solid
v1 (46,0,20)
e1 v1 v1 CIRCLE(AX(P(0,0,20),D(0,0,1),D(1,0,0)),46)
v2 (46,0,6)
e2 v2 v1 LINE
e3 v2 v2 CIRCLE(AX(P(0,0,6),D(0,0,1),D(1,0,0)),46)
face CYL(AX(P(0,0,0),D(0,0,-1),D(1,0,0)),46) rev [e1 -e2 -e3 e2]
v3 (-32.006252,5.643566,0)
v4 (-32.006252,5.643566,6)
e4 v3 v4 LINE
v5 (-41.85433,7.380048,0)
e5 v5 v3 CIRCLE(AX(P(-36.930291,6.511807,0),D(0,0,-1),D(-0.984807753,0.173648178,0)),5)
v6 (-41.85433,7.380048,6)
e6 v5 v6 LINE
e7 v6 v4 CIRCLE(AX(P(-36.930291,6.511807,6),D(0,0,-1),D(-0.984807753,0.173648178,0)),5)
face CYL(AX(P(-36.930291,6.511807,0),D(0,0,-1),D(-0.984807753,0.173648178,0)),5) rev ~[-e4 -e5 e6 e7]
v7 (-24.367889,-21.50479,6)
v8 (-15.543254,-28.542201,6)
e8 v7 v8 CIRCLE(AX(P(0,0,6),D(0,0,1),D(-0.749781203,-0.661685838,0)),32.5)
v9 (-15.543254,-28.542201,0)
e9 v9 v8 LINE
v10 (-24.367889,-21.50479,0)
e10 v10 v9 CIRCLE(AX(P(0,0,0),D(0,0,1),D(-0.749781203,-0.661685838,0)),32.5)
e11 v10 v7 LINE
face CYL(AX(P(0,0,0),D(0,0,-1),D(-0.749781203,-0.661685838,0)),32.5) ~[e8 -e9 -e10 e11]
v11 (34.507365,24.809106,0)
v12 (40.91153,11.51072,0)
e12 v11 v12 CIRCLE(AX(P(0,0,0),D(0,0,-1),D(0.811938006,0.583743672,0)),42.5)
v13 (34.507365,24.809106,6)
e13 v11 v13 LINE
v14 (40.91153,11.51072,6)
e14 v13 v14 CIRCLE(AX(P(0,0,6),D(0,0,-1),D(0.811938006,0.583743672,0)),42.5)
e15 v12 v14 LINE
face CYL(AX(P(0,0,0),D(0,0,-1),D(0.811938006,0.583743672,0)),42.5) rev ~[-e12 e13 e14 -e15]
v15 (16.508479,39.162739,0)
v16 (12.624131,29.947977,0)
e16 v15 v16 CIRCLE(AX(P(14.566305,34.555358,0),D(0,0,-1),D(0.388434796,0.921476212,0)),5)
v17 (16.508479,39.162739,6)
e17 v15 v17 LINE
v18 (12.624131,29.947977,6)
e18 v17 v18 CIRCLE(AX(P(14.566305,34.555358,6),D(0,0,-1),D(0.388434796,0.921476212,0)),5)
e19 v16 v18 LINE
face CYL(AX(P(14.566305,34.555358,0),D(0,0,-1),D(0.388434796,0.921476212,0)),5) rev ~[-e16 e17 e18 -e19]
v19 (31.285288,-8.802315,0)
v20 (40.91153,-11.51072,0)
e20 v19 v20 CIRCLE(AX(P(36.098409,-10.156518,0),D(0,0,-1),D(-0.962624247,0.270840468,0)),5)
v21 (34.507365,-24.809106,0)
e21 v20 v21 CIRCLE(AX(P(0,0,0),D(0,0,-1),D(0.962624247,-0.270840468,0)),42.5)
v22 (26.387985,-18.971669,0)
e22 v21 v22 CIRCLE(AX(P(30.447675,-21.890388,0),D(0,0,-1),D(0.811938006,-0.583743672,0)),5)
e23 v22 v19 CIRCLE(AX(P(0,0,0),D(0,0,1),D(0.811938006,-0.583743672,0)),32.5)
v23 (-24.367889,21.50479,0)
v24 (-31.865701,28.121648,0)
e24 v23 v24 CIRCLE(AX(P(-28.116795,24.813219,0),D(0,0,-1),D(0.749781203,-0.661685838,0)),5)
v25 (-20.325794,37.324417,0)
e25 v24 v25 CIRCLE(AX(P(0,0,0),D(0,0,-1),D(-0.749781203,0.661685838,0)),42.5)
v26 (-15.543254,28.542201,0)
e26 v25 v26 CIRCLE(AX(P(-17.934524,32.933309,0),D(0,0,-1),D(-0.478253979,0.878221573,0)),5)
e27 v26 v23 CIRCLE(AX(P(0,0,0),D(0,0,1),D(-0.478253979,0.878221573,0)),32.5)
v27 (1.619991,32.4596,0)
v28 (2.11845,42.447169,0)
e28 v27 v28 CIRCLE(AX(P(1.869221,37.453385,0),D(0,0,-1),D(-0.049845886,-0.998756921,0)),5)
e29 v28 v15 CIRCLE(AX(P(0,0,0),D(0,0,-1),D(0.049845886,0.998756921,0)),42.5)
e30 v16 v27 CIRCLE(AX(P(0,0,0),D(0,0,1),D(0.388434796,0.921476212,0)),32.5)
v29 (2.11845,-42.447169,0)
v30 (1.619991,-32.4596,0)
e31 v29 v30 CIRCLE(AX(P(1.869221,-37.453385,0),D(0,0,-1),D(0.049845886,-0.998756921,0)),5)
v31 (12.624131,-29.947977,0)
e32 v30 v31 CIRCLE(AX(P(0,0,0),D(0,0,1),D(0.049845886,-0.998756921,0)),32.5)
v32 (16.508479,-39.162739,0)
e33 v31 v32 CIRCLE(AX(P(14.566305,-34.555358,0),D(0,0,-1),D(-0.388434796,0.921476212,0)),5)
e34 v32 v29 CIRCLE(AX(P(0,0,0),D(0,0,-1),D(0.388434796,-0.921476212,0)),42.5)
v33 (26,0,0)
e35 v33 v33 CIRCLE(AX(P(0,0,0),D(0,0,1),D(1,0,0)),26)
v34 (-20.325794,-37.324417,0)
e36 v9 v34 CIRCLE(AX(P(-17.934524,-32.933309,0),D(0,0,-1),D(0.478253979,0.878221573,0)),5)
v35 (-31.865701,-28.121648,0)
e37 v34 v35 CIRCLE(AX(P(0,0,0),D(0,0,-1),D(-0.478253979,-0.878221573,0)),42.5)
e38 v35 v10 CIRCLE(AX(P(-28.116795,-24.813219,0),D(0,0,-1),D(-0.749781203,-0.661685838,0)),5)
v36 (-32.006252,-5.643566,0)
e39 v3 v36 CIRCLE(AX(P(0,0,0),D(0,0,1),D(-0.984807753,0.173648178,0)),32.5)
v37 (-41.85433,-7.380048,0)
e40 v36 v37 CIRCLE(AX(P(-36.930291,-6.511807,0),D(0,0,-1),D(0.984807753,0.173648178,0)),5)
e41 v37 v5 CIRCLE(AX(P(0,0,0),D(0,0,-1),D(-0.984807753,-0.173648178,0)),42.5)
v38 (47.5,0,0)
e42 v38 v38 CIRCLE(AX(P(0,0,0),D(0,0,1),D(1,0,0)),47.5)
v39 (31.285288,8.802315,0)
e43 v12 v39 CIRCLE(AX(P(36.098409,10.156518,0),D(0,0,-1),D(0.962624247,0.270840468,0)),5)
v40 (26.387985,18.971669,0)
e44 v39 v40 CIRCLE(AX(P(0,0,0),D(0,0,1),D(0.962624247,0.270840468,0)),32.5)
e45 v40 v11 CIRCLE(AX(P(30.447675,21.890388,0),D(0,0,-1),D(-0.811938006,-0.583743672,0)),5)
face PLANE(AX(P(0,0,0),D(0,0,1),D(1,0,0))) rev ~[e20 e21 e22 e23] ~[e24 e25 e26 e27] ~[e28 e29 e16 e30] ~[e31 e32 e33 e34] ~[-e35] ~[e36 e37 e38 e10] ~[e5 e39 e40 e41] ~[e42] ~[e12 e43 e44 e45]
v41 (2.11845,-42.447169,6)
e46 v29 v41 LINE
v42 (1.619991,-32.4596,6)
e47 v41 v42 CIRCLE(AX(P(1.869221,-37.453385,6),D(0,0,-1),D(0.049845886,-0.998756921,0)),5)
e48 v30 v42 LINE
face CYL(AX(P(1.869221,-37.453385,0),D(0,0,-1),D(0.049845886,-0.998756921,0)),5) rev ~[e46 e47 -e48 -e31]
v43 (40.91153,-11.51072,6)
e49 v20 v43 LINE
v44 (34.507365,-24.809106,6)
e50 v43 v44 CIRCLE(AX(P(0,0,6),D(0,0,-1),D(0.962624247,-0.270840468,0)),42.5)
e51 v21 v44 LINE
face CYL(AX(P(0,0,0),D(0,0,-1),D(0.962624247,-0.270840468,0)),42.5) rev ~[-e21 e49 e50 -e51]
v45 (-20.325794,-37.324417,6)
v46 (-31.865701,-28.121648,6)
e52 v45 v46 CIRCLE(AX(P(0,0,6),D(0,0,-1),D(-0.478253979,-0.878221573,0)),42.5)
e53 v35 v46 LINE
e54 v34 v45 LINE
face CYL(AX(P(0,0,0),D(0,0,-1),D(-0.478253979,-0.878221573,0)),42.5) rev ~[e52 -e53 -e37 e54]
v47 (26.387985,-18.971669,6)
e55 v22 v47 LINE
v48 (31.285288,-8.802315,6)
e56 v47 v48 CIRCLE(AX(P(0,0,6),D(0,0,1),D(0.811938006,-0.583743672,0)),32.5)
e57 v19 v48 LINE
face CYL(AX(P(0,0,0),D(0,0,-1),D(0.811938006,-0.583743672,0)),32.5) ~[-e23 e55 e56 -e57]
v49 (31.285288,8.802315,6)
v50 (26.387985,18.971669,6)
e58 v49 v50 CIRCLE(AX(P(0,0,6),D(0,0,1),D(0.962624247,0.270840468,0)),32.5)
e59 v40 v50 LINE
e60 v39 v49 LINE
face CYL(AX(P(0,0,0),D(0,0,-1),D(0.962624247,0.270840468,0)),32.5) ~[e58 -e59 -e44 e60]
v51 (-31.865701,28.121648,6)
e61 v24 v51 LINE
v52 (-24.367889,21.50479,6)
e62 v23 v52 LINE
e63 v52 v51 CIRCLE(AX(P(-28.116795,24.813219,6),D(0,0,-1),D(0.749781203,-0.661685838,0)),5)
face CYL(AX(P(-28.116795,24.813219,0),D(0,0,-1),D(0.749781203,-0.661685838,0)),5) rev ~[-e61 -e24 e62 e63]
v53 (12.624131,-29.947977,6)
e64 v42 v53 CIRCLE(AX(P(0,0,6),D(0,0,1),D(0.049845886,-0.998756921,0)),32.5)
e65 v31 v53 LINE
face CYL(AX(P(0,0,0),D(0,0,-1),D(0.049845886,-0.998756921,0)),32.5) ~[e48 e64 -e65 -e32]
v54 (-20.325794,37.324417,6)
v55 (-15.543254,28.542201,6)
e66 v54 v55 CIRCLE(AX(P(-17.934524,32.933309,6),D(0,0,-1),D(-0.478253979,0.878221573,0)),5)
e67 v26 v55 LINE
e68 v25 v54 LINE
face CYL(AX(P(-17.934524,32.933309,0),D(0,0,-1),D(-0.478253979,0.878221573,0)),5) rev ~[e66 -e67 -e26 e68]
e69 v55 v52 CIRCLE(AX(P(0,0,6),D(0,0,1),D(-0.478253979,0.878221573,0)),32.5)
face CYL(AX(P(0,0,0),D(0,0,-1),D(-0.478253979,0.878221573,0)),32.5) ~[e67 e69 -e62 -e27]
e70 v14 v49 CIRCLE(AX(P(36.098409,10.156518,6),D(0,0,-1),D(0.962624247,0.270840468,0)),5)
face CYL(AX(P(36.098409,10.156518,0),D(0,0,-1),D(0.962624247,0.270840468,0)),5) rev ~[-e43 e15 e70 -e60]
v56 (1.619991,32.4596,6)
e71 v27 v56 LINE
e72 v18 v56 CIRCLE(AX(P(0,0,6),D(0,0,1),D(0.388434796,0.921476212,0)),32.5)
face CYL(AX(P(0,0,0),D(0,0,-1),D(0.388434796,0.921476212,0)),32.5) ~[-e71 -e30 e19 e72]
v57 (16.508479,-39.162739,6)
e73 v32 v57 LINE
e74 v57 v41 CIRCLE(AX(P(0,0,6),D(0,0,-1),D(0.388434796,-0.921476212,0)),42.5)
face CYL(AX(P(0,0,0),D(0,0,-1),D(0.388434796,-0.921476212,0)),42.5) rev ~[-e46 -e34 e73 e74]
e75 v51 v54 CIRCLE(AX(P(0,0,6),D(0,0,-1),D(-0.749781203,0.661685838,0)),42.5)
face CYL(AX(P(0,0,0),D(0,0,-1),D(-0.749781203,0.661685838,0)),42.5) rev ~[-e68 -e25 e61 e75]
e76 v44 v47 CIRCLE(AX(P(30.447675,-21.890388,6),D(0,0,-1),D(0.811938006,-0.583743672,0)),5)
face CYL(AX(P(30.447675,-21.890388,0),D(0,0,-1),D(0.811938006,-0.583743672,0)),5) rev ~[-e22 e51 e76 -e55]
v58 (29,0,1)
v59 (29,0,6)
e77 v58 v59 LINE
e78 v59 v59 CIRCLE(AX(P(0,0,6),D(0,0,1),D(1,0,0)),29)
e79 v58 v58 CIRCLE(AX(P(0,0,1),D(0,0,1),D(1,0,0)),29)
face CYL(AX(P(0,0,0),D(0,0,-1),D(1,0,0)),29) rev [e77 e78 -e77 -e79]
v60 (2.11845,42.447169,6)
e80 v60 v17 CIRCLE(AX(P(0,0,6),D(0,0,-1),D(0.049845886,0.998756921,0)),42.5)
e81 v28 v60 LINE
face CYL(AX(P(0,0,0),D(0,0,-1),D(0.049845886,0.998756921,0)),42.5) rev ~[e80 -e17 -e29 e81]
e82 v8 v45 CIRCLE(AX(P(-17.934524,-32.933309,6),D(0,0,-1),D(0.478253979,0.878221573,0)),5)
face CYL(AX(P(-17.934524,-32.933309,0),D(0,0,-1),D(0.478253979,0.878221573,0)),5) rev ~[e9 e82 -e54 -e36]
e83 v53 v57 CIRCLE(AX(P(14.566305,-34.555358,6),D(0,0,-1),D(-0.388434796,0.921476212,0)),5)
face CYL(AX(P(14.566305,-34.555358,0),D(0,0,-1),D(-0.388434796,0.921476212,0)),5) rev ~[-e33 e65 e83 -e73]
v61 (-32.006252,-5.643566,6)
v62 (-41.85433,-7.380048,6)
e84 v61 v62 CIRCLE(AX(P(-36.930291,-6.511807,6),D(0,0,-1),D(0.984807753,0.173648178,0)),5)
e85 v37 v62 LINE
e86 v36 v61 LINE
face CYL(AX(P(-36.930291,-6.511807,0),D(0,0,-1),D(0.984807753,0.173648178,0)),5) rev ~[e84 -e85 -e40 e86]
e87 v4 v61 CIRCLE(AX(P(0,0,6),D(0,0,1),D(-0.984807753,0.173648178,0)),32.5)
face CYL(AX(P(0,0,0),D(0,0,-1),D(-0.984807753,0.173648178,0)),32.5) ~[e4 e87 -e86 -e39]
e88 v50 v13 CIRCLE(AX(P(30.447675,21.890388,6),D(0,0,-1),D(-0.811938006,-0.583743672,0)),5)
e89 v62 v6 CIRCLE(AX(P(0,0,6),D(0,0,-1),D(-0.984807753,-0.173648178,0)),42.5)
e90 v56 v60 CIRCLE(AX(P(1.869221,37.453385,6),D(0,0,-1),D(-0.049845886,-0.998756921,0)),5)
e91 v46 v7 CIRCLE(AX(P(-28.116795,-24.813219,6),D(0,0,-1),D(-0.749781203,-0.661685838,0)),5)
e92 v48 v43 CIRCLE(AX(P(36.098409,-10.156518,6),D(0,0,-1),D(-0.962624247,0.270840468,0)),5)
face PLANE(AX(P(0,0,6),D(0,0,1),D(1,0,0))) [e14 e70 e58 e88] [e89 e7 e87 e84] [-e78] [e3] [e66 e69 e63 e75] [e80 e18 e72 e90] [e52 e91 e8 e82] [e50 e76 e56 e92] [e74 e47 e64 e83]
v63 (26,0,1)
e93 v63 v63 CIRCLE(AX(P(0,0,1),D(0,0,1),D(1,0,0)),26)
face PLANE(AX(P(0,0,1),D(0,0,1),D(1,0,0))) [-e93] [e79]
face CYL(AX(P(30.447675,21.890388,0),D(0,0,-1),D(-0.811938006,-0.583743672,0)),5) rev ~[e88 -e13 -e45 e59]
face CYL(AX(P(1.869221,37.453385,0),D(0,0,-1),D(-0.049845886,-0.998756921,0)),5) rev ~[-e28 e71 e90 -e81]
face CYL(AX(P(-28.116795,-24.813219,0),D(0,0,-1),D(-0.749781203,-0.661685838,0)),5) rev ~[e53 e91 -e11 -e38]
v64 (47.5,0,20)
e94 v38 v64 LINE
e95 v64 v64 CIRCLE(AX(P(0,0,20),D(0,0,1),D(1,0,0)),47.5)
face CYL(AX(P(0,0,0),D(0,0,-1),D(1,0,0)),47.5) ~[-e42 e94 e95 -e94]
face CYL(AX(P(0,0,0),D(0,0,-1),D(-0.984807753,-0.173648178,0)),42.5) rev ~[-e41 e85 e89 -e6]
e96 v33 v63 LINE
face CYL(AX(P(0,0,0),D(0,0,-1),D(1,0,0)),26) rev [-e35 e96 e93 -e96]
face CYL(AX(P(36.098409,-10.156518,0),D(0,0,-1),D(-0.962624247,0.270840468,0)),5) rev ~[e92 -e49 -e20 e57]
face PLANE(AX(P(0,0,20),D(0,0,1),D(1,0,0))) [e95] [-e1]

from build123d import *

# Parameters (mm, degrees)
SKETCH1_R           = 47.5
SKETCH1_R_2         = 46
BOSS_EXTRUDE1_DEPTH = 20
SKETCH1_5_R         = 46
SKETCH1_5_R_2       = 29
BOSS_EXTRUDE2_DEPTH = 6
SKETCH1_7_R         = 29
SKETCH1_7_R_2       = 26
BOSS_EXTRUDE4_DEPTH = 1


with BuildPart() as part:
    # Sketch1 → Boss-Extrude1 (new body)
    with BuildSketch(Plane.XY):
        Circle(SKETCH1_R)
        Circle(SKETCH1_R_2, mode=Mode.SUBTRACT)
    extrude(amount=BOSS_EXTRUDE1_DEPTH)

    # Sketch1<5> → Boss-Extrude2 (add)
    with BuildSketch(Plane.XY):
        Circle(SKETCH1_5_R)
        with BuildLine():
            ThreePointArc((-31.865701126, -28.121648098), (-31.425224299, -21.064312895), (-24.367889096, -21.504789722))
            ThreePointArc((-24.367889096, -21.504789722), (-20.26341856, -25.40952318), (-15.543254305, -28.542201135))
            ThreePointArc((-15.543254305, -28.542201135), (-13.543416331, -35.324578894), (-20.325794091, -37.324416868))
            ThreePointArc((-20.325794091, -37.324416868), (-26.498316579, -33.227838005), (-31.865701126, -28.121648098))
        make_face(mode=Mode.SUBTRACT)
        with BuildLine():
            ThreePointArc((2.118450141, -42.447169152), (-3.124563894, -37.702613974), (1.619991284, -32.45959994))
            ThreePointArc((1.619991284, -32.45959994), (7.231930354, -31.685157146), (12.624130879, -29.947976886))
            ThreePointArc((12.624130879, -29.947976886), (19.17368592, -32.613183964), (16.508478842, -39.162739004))
            ThreePointArc((16.508478842, -39.162739004), (9.457139693, -41.434436268), (2.118450141, -42.447169152))
        make_face(mode=Mode.SUBTRACT)
        with BuildLine():
            ThreePointArc((34.507365243, -24.80910607), (27.528956853, -25.950077737), (26.387985186, -18.971669348))
            ThreePointArc((26.387985186, -18.971669348), (29.281488207, -14.101221521), (31.285288026, -8.802315215))
            ThreePointArc((31.285288026, -8.802315215), (37.452611601, -5.343396321), (40.911530495, -11.510719896))
            ThreePointArc((40.911530495, -11.510719896), (38.291176886, -18.440058912), (34.507365243, -24.80910607))
        make_face(mode=Mode.SUBTRACT)
        with BuildLine():
            ThreePointArc((-41.854329503, -7.380047551), (-42.5, 0), (-41.854329503, 7.380047551))
            ThreePointArc((-41.854329503, 7.380047551), (-36.06204985, 11.435845428), (-32.006251973, 5.643565774))
            ThreePointArc((-32.006251973, 5.643565774), (-32.5, 0), (-32.006251973, -5.643565774))
            ThreePointArc((-32.006251973, -5.643565774), (-36.06204985, -11.435845428), (-41.854329503, -7.380047551))
        make_face(mode=Mode.SUBTRACT)
        with BuildLine():
            ThreePointArc((-20.325794091, 37.324416868), (-13.543416331, 35.324578894), (-15.543254305, 28.542201135))
            ThreePointArc((-15.543254305, 28.542201135), (-20.26341856, 25.40952318), (-24.367889096, 21.504789722))
            ThreePointArc((-24.367889096, 21.504789722), (-31.425224299, 21.064312895), (-31.865701126, 28.121648098))
            ThreePointArc((-31.865701126, 28.121648098), (-26.498316579, 33.227838005), (-20.325794091, 37.324416868))
        make_face(mode=Mode.SUBTRACT)
        Circle(SKETCH1_5_R_2, mode=Mode.SUBTRACT)
        with BuildLine():
            ThreePointArc((40.911530495, 11.510719896), (37.452611601, 5.343396321), (31.285288026, 8.802315215))
            ThreePointArc((31.285288026, 8.802315215), (29.281488207, 14.101221521), (26.387985186, 18.971669348))
            ThreePointArc((26.387985186, 18.971669348), (27.528956853, 25.950077737), (34.507365243, 24.80910607))
            ThreePointArc((34.507365243, 24.80910607), (38.291176886, 18.440058912), (40.911530495, 11.510719896))
        make_face(mode=Mode.SUBTRACT)
        with BuildLine():
            ThreePointArc((16.508478842, 39.162739004), (19.17368592, 32.613183964), (12.624130879, 29.947976886))
            ThreePointArc((12.624130879, 29.947976886), (7.231930354, 31.685157146), (1.619991284, 32.45959994))
            ThreePointArc((1.619991284, 32.45959994), (-3.124563894, 37.702613974), (2.118450141, 42.447169152))
            ThreePointArc((2.118450141, 42.447169152), (9.457139693, 41.434436268), (16.508478842, 39.162739004))
        make_face(mode=Mode.SUBTRACT)
    extrude(amount=BOSS_EXTRUDE2_DEPTH)

    # Sketch1<7> → Boss-Extrude4 (add)
    with BuildSketch(Plane.XY):
        Circle(SKETCH1_7_R)
        Circle(SKETCH1_7_R_2, mode=Mode.SUBTRACT)
    extrude(amount=BOSS_EXTRUDE4_DEPTH)


solid = part.part
